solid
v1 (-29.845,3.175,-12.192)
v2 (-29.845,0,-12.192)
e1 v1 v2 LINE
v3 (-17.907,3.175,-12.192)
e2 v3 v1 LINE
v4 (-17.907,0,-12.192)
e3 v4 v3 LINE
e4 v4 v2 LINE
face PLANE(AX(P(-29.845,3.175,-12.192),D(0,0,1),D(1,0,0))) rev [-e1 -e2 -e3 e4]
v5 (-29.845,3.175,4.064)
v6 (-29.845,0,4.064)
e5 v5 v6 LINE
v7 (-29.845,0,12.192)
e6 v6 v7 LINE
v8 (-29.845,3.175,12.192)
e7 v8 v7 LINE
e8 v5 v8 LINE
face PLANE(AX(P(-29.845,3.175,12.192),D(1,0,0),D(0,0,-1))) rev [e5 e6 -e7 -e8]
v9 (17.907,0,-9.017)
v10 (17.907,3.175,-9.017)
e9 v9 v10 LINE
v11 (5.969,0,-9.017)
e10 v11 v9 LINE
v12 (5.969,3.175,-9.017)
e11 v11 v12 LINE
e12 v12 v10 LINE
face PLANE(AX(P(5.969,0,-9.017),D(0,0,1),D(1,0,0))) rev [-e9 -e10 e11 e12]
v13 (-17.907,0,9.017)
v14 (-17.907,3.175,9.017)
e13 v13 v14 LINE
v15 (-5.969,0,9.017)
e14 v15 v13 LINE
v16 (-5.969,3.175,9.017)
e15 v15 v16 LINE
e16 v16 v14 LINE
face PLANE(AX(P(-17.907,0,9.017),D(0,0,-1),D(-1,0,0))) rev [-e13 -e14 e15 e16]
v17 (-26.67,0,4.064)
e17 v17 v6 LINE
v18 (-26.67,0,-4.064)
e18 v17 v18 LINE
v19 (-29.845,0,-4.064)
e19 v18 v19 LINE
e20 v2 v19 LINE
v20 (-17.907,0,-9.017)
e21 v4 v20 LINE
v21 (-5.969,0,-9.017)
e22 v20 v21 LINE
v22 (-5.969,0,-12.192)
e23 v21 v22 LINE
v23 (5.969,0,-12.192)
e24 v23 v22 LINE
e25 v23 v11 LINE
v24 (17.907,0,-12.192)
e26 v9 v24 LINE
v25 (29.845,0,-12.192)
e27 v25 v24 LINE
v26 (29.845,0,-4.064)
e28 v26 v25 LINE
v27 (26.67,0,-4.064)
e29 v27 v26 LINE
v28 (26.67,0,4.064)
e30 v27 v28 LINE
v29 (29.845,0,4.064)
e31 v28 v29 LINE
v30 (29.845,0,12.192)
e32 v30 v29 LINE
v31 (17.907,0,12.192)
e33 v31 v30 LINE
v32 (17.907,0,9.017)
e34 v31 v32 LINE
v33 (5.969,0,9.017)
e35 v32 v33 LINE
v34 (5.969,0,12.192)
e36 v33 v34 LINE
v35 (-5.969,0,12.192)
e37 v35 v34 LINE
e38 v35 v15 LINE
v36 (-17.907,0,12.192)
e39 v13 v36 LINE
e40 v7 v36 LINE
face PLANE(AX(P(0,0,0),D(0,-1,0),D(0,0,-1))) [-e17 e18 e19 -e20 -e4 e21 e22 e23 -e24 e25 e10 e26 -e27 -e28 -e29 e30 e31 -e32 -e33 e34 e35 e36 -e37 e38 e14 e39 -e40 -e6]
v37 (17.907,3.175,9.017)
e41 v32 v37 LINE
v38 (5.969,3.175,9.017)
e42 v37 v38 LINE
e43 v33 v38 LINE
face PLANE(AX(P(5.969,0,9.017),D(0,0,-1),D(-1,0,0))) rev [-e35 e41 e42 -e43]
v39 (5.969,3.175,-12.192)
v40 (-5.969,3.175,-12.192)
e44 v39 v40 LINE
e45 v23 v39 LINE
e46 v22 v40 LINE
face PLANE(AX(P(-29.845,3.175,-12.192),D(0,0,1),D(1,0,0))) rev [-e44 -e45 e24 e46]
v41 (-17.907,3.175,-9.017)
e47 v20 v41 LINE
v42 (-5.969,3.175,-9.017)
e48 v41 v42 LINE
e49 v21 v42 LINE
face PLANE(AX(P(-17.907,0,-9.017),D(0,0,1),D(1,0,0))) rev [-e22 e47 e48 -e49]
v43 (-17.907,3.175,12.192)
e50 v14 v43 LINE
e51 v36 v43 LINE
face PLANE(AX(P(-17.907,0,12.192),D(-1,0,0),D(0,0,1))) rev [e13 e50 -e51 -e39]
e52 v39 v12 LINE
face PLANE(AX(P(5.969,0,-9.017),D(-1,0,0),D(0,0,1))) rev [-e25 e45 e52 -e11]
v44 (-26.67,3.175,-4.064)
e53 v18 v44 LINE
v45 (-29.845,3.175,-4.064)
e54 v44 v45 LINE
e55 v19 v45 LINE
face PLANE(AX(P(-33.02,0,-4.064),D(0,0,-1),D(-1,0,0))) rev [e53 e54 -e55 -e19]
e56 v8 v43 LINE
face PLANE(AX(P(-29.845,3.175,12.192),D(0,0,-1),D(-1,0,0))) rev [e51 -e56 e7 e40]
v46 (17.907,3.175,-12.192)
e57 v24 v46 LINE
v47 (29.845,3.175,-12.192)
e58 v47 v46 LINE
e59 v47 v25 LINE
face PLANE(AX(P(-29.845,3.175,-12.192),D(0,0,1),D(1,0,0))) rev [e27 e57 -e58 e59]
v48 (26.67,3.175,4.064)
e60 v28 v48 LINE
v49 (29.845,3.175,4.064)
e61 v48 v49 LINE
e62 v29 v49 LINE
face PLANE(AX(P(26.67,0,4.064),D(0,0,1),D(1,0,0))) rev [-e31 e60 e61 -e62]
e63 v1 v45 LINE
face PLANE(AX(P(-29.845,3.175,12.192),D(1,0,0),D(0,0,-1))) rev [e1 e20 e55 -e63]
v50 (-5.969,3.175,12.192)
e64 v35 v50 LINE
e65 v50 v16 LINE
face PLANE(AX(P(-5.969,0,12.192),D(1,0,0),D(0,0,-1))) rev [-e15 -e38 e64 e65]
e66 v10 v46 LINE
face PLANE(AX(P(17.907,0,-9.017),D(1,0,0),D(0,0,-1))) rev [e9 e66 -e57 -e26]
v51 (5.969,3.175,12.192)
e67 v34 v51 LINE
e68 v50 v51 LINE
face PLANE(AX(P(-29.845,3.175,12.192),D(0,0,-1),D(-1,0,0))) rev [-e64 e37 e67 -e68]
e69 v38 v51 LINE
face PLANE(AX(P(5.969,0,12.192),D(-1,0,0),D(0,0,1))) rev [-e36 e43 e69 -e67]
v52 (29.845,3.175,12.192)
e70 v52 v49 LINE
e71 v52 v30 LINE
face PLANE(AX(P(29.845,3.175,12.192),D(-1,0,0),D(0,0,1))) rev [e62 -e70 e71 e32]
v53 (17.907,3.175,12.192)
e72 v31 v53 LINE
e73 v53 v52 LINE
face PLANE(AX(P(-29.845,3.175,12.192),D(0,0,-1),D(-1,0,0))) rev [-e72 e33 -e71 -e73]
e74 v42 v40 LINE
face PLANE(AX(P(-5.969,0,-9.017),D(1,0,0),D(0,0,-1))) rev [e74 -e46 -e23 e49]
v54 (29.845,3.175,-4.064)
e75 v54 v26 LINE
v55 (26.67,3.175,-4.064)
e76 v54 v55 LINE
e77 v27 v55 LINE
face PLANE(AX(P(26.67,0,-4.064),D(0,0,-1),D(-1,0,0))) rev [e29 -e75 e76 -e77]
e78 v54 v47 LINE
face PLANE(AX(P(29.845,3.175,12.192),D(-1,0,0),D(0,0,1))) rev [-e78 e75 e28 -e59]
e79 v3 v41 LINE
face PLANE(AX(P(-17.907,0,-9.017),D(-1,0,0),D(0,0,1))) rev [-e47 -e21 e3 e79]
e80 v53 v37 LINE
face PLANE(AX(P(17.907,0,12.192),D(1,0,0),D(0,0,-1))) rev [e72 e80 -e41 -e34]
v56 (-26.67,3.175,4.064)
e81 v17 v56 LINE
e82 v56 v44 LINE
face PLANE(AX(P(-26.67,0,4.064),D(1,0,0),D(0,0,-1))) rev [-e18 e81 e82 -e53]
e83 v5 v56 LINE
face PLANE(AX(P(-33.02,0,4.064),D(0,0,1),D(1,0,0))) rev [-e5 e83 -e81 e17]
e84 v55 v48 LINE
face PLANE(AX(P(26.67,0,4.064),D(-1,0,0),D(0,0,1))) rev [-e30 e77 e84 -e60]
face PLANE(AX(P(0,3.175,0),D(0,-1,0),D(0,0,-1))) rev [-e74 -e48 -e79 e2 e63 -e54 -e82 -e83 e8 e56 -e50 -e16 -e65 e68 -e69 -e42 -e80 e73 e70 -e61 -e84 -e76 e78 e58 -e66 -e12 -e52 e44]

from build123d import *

# Parameters (mm, degrees)
SKETCH1_W           = 59.69
SKETCH1_H           = 24.384
BOSS_EXTRUDE2_DEPTH = 3.175
SKETCH3_W           = 11.938
SKETCH3_H           = 3.175
CUT_EXTRUDE2_DEPTH  = 3.175
LPATTERN2_COUNT     = 2
LPATTERN2_PITCH     = 23.876
SKETCH4_W           = 6.35
SKETCH4_H           = 8.128
CUT_EXTRUDE3_DEPTH  = 3.175


with BuildPart() as part:
    # Sketch1 → Boss-Extrude2 (new body)
    with BuildSketch(Plane(origin=(0, 0, 0), x_dir=(1, 0, 0), z_dir=(0, 1, 0))):
        Rectangle(SKETCH1_W, SKETCH1_H)
    extrude(amount=BOSS_EXTRUDE2_DEPTH)

    # Sketch3 → Cut-Extrude2 (cut)
    with BuildSketch(Plane(origin=(0, 3.175, 0), x_dir=(1, 0, 0), z_dir=(0, 1, 0))):
        with Locations((11.938, 10.6045)):
            Rectangle(SKETCH3_W, SKETCH3_H)
        with Locations((11.938, -10.6045)):
            Rectangle(SKETCH3_W, SKETCH3_H)
    cut_extrude2 = extrude(amount=-CUT_EXTRUDE2_DEPTH, mode=Mode.SUBTRACT)

    # LPattern2: Cut-Extrude2 ×2
    with Locations(*[(-i * LPATTERN2_PITCH, 0, 0) for i in range(1, LPATTERN2_COUNT)]):
        add(cut_extrude2, mode=Mode.SUBTRACT)

    # Sketch4 → Cut-Extrude3 (cut)
    with BuildSketch(Plane(origin=(0, 3.175, 0), x_dir=(1, 0, 0), z_dir=(0, 1, 0))):
        with Locations((-29.845, 0)):
            Rectangle(SKETCH4_W, SKETCH4_H)
        with Locations((29.845, 0)):
            Rectangle(SKETCH4_W, SKETCH4_H)
    extrude(amount=-CUT_EXTRUDE3_DEPTH, mode=Mode.SUBTRACT)


solid = part.part
